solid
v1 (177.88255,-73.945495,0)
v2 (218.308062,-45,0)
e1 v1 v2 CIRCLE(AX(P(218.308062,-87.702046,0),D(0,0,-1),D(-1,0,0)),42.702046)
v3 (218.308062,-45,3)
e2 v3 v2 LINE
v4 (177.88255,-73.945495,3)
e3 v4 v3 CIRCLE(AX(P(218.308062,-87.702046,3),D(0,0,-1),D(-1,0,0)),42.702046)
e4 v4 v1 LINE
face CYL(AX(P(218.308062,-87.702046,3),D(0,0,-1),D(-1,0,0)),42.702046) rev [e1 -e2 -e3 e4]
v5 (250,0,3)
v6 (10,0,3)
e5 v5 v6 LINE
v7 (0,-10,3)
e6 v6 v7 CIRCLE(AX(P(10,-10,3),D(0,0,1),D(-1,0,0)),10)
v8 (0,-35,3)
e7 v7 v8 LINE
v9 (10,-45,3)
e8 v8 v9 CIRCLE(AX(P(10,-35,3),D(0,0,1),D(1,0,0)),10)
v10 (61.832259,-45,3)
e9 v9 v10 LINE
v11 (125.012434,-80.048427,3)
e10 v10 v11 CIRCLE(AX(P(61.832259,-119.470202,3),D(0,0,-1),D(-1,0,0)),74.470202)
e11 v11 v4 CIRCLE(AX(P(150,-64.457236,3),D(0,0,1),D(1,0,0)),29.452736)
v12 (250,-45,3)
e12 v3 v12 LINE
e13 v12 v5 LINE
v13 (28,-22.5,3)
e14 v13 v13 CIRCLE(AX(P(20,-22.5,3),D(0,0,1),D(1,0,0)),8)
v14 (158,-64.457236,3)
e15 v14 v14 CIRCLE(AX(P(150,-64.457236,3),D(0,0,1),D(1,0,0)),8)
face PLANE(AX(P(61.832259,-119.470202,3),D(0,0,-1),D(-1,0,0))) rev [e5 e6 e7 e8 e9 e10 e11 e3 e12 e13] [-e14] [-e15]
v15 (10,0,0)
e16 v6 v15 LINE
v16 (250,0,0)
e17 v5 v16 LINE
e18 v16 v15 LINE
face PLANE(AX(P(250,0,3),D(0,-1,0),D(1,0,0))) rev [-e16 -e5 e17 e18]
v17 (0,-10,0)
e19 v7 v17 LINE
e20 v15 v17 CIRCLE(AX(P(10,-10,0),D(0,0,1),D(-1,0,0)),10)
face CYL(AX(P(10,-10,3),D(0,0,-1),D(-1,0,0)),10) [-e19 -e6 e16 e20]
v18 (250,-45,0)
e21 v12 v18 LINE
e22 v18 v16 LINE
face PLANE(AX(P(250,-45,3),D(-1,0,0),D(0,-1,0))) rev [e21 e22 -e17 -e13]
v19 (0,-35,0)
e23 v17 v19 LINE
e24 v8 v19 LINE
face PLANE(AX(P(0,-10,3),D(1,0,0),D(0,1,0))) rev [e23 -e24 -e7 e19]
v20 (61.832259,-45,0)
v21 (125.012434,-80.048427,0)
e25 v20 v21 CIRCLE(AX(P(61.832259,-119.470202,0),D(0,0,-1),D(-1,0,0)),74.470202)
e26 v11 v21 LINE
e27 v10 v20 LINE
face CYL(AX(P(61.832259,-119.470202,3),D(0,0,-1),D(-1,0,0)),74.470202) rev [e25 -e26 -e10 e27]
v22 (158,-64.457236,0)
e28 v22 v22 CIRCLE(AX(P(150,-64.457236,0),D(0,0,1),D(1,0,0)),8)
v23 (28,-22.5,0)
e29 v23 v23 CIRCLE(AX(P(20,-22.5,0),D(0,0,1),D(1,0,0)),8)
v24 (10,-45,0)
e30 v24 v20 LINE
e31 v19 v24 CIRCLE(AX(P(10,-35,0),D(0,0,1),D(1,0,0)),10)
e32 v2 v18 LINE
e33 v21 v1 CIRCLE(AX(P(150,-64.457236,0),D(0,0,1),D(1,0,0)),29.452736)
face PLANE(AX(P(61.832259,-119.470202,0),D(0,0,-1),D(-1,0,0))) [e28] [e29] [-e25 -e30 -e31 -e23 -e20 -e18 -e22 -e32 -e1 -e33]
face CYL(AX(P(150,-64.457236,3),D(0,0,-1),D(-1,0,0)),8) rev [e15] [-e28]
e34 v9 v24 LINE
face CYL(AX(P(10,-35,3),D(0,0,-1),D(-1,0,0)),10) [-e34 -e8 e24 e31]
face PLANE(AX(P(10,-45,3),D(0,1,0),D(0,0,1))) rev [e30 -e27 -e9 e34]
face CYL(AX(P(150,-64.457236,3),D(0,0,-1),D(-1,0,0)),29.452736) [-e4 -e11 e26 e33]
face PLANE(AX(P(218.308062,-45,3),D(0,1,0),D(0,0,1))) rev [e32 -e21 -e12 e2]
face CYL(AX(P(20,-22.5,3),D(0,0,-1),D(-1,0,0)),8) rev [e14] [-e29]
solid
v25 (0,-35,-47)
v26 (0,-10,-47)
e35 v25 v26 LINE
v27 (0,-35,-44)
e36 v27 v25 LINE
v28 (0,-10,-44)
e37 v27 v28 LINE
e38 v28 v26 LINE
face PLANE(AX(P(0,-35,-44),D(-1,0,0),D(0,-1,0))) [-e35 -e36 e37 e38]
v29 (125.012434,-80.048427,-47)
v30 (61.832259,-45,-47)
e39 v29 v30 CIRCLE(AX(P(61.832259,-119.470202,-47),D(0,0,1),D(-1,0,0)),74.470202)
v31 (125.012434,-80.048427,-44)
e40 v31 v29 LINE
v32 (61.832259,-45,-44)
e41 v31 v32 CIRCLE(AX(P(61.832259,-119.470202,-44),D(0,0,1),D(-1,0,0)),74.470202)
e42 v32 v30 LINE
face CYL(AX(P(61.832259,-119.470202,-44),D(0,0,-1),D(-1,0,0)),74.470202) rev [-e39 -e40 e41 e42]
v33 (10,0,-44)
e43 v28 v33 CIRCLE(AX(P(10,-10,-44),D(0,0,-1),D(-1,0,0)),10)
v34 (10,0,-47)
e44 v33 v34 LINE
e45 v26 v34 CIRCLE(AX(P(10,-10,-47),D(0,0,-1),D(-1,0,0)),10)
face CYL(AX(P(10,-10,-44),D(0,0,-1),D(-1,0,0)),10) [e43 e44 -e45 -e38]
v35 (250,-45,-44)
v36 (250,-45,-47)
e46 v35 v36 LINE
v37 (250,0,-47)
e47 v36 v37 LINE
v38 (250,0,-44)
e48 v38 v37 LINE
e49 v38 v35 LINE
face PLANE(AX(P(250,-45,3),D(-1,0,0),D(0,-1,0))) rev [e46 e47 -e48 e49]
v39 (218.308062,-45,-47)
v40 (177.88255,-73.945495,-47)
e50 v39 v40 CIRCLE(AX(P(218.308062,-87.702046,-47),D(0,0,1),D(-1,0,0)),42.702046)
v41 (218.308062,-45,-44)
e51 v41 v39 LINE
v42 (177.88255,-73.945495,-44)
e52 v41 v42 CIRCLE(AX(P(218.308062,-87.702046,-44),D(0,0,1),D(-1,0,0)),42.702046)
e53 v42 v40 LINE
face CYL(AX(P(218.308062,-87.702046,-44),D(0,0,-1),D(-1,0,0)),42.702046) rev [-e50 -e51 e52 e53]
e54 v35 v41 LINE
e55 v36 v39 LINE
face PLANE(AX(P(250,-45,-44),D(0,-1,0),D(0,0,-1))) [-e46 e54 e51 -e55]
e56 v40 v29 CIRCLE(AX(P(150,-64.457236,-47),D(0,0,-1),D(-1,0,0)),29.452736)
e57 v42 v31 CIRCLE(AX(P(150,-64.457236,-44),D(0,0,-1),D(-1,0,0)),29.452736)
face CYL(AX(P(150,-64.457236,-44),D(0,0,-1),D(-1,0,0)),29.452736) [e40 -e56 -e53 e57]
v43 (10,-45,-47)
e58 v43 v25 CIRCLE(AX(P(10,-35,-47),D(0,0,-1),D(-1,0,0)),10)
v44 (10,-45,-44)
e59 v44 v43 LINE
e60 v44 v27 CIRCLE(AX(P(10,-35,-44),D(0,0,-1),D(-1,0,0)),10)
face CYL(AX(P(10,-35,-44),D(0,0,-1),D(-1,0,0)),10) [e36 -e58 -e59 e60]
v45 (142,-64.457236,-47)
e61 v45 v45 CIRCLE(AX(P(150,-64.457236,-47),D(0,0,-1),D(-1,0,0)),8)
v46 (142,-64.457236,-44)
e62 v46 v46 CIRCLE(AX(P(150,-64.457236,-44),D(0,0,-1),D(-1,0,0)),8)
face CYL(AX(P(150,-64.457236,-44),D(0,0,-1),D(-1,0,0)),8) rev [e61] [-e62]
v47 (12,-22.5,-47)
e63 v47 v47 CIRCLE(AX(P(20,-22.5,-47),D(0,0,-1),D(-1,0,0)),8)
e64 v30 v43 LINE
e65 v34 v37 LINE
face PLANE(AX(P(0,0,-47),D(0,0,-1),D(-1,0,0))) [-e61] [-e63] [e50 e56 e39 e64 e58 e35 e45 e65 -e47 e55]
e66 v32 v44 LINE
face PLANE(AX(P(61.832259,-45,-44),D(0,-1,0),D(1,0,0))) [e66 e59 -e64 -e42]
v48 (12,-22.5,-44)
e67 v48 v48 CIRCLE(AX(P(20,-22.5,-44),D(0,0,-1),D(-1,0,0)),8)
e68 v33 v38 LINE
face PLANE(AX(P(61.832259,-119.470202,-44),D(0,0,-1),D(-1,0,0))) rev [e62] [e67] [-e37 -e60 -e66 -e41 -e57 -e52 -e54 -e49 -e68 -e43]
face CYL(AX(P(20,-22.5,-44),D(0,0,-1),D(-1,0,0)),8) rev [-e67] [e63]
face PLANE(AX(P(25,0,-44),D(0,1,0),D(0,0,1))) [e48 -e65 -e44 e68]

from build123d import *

# Parameters (mm, degrees)
SKETCH1_R           = 8
BOSS_EXTRUDE1_DEPTH = 3
SKETCH2_W           = 225
SKETCH2_H           = 3
BOSS_EXTRUDE2_DEPTH = 50
SKETCH3_R           = 8
BOSS_EXTRUDE3_DEPTH = 3
SKETCH4_R           = 2
CUT_EXTRUDE1_DEPTH  = 3
SKETCH5_W           = 225
SKETCH5_H           = 50.324774777
CUT_EXTRUDE2_DEPTH  = 3


with BuildPart() as part:
    # Sketch1 → Boss-Extrude1 (new body)
    with BuildSketch(Plane.XY):
        with BuildLine():
            Line((0, -10), (0, -35))
            ThreePointArc((0, -35), (2.928932188, -42.071067812), (10, -45))
            Line((10, -45), (61.832258709, -45))
            ThreePointArc((61.832258709, -45), (97.957481274, -54.348936041), (125.012434489, -80.04842664))
            ThreePointArc((125.012434489, -80.04842664), (153.377377511, -93.715687165), (177.882550256, -73.945494662))
            ThreePointArc((177.882550256, -73.945494662), (193.448136306, -52.982472122), (218.308062331, -45))
            Line((218.308062331, -45), (250, -45))
            Line((250, -45), (250, 0))
            Line((250, 0), (10, 0))
            ThreePointArc((10, 0), (2.928932188, -2.928932188), (0, -10))
        make_face()
        with Locations((20, -22.5)):
            Circle(SKETCH1_R, mode=Mode.SUBTRACT)
        with Locations((150, -64.457235549)):
            Circle(SKETCH1_R, mode=Mode.SUBTRACT)
    extrude(amount=BOSS_EXTRUDE1_DEPTH)

    # Sketch2 → Boss-Extrude2 (add)
    with BuildSketch(Plane.XY.offset(3)):
        with Locations((137.5, 1.5)):
            Rectangle(SKETCH2_W, SKETCH2_H)
    extrude(amount=-BOSS_EXTRUDE2_DEPTH)

    # Sketch3 → Boss-Extrude3 (add)
    with BuildSketch(Plane(origin=(0, 0, -47), x_dir=(-1, 0, 0), z_dir=(0, 0, -1))):
        with BuildLine():
            Line((-61.832258709, -45), (-10, -45))
            ThreePointArc((-10, -45), (-2.928932188, -42.071067812), (0, -35))
            Line((0, -35), (0, -10))
            ThreePointArc((0, -10), (-2.928932188, -2.928932188), (-10, 0))
            Line((-10, 0), (-25, 0))
            Line((-25, 0), (-250, 0))
            Line((-250, 0), (-250, -45))
            Line((-250, -45), (-218.308062331, -45))
            ThreePointArc((-218.308062331, -45), (-193.448136306, -52.982472122), (-177.882550256, -73.945494662))
            ThreePointArc((-177.882550256, -73.945494662), (-153.377377511, -93.715687165), (-125.012434489, -80.04842664))
            ThreePointArc((-125.012434489, -80.04842664), (-97.957481274, -54.348936041), (-61.832258709, -45))
        make_face()
        with Locations((-20, -22.5)):
            Circle(SKETCH3_R, mode=Mode.SUBTRACT)
        with Locations((-150, -64.457235549)):
            Circle(SKETCH3_R, mode=Mode.SUBTRACT)
    extrude(amount=-BOSS_EXTRUDE3_DEPTH)

    # Sketch4 → Cut-Extrude1 (cut)
    with BuildSketch(Plane(origin=(0, 3, 0), x_dir=(1, 0, 0), z_dir=(0, 1, 0))):
        with Locations((130, 34)):
            Circle(SKETCH4_R)
        with Locations((130, 10)):
            Circle(SKETCH4_R)
        with Locations((143, 34)):
            Circle(SKETCH4_R)
        with Locations((143, 10)):
            Circle(SKETCH4_R)
        with Locations((156, 34)):
            Circle(SKETCH4_R)
        with Locations((156, 10)):
            Circle(SKETCH4_R)
    extrude(amount=-CUT_EXTRUDE1_DEPTH, mode=Mode.SUBTRACT)

    # Sketch5 → Cut-Extrude2 (cut)
    with BuildSketch(Plane(origin=(0, 3, 0), x_dir=(1, 0, 0), z_dir=(0, 1, 0))):
        with Locations((137.5, 21.837612611)):
            Rectangle(SKETCH5_W, SKETCH5_H)
    extrude(amount=-CUT_EXTRUDE2_DEPTH, mode=Mode.SUBTRACT)


solid = part.part
